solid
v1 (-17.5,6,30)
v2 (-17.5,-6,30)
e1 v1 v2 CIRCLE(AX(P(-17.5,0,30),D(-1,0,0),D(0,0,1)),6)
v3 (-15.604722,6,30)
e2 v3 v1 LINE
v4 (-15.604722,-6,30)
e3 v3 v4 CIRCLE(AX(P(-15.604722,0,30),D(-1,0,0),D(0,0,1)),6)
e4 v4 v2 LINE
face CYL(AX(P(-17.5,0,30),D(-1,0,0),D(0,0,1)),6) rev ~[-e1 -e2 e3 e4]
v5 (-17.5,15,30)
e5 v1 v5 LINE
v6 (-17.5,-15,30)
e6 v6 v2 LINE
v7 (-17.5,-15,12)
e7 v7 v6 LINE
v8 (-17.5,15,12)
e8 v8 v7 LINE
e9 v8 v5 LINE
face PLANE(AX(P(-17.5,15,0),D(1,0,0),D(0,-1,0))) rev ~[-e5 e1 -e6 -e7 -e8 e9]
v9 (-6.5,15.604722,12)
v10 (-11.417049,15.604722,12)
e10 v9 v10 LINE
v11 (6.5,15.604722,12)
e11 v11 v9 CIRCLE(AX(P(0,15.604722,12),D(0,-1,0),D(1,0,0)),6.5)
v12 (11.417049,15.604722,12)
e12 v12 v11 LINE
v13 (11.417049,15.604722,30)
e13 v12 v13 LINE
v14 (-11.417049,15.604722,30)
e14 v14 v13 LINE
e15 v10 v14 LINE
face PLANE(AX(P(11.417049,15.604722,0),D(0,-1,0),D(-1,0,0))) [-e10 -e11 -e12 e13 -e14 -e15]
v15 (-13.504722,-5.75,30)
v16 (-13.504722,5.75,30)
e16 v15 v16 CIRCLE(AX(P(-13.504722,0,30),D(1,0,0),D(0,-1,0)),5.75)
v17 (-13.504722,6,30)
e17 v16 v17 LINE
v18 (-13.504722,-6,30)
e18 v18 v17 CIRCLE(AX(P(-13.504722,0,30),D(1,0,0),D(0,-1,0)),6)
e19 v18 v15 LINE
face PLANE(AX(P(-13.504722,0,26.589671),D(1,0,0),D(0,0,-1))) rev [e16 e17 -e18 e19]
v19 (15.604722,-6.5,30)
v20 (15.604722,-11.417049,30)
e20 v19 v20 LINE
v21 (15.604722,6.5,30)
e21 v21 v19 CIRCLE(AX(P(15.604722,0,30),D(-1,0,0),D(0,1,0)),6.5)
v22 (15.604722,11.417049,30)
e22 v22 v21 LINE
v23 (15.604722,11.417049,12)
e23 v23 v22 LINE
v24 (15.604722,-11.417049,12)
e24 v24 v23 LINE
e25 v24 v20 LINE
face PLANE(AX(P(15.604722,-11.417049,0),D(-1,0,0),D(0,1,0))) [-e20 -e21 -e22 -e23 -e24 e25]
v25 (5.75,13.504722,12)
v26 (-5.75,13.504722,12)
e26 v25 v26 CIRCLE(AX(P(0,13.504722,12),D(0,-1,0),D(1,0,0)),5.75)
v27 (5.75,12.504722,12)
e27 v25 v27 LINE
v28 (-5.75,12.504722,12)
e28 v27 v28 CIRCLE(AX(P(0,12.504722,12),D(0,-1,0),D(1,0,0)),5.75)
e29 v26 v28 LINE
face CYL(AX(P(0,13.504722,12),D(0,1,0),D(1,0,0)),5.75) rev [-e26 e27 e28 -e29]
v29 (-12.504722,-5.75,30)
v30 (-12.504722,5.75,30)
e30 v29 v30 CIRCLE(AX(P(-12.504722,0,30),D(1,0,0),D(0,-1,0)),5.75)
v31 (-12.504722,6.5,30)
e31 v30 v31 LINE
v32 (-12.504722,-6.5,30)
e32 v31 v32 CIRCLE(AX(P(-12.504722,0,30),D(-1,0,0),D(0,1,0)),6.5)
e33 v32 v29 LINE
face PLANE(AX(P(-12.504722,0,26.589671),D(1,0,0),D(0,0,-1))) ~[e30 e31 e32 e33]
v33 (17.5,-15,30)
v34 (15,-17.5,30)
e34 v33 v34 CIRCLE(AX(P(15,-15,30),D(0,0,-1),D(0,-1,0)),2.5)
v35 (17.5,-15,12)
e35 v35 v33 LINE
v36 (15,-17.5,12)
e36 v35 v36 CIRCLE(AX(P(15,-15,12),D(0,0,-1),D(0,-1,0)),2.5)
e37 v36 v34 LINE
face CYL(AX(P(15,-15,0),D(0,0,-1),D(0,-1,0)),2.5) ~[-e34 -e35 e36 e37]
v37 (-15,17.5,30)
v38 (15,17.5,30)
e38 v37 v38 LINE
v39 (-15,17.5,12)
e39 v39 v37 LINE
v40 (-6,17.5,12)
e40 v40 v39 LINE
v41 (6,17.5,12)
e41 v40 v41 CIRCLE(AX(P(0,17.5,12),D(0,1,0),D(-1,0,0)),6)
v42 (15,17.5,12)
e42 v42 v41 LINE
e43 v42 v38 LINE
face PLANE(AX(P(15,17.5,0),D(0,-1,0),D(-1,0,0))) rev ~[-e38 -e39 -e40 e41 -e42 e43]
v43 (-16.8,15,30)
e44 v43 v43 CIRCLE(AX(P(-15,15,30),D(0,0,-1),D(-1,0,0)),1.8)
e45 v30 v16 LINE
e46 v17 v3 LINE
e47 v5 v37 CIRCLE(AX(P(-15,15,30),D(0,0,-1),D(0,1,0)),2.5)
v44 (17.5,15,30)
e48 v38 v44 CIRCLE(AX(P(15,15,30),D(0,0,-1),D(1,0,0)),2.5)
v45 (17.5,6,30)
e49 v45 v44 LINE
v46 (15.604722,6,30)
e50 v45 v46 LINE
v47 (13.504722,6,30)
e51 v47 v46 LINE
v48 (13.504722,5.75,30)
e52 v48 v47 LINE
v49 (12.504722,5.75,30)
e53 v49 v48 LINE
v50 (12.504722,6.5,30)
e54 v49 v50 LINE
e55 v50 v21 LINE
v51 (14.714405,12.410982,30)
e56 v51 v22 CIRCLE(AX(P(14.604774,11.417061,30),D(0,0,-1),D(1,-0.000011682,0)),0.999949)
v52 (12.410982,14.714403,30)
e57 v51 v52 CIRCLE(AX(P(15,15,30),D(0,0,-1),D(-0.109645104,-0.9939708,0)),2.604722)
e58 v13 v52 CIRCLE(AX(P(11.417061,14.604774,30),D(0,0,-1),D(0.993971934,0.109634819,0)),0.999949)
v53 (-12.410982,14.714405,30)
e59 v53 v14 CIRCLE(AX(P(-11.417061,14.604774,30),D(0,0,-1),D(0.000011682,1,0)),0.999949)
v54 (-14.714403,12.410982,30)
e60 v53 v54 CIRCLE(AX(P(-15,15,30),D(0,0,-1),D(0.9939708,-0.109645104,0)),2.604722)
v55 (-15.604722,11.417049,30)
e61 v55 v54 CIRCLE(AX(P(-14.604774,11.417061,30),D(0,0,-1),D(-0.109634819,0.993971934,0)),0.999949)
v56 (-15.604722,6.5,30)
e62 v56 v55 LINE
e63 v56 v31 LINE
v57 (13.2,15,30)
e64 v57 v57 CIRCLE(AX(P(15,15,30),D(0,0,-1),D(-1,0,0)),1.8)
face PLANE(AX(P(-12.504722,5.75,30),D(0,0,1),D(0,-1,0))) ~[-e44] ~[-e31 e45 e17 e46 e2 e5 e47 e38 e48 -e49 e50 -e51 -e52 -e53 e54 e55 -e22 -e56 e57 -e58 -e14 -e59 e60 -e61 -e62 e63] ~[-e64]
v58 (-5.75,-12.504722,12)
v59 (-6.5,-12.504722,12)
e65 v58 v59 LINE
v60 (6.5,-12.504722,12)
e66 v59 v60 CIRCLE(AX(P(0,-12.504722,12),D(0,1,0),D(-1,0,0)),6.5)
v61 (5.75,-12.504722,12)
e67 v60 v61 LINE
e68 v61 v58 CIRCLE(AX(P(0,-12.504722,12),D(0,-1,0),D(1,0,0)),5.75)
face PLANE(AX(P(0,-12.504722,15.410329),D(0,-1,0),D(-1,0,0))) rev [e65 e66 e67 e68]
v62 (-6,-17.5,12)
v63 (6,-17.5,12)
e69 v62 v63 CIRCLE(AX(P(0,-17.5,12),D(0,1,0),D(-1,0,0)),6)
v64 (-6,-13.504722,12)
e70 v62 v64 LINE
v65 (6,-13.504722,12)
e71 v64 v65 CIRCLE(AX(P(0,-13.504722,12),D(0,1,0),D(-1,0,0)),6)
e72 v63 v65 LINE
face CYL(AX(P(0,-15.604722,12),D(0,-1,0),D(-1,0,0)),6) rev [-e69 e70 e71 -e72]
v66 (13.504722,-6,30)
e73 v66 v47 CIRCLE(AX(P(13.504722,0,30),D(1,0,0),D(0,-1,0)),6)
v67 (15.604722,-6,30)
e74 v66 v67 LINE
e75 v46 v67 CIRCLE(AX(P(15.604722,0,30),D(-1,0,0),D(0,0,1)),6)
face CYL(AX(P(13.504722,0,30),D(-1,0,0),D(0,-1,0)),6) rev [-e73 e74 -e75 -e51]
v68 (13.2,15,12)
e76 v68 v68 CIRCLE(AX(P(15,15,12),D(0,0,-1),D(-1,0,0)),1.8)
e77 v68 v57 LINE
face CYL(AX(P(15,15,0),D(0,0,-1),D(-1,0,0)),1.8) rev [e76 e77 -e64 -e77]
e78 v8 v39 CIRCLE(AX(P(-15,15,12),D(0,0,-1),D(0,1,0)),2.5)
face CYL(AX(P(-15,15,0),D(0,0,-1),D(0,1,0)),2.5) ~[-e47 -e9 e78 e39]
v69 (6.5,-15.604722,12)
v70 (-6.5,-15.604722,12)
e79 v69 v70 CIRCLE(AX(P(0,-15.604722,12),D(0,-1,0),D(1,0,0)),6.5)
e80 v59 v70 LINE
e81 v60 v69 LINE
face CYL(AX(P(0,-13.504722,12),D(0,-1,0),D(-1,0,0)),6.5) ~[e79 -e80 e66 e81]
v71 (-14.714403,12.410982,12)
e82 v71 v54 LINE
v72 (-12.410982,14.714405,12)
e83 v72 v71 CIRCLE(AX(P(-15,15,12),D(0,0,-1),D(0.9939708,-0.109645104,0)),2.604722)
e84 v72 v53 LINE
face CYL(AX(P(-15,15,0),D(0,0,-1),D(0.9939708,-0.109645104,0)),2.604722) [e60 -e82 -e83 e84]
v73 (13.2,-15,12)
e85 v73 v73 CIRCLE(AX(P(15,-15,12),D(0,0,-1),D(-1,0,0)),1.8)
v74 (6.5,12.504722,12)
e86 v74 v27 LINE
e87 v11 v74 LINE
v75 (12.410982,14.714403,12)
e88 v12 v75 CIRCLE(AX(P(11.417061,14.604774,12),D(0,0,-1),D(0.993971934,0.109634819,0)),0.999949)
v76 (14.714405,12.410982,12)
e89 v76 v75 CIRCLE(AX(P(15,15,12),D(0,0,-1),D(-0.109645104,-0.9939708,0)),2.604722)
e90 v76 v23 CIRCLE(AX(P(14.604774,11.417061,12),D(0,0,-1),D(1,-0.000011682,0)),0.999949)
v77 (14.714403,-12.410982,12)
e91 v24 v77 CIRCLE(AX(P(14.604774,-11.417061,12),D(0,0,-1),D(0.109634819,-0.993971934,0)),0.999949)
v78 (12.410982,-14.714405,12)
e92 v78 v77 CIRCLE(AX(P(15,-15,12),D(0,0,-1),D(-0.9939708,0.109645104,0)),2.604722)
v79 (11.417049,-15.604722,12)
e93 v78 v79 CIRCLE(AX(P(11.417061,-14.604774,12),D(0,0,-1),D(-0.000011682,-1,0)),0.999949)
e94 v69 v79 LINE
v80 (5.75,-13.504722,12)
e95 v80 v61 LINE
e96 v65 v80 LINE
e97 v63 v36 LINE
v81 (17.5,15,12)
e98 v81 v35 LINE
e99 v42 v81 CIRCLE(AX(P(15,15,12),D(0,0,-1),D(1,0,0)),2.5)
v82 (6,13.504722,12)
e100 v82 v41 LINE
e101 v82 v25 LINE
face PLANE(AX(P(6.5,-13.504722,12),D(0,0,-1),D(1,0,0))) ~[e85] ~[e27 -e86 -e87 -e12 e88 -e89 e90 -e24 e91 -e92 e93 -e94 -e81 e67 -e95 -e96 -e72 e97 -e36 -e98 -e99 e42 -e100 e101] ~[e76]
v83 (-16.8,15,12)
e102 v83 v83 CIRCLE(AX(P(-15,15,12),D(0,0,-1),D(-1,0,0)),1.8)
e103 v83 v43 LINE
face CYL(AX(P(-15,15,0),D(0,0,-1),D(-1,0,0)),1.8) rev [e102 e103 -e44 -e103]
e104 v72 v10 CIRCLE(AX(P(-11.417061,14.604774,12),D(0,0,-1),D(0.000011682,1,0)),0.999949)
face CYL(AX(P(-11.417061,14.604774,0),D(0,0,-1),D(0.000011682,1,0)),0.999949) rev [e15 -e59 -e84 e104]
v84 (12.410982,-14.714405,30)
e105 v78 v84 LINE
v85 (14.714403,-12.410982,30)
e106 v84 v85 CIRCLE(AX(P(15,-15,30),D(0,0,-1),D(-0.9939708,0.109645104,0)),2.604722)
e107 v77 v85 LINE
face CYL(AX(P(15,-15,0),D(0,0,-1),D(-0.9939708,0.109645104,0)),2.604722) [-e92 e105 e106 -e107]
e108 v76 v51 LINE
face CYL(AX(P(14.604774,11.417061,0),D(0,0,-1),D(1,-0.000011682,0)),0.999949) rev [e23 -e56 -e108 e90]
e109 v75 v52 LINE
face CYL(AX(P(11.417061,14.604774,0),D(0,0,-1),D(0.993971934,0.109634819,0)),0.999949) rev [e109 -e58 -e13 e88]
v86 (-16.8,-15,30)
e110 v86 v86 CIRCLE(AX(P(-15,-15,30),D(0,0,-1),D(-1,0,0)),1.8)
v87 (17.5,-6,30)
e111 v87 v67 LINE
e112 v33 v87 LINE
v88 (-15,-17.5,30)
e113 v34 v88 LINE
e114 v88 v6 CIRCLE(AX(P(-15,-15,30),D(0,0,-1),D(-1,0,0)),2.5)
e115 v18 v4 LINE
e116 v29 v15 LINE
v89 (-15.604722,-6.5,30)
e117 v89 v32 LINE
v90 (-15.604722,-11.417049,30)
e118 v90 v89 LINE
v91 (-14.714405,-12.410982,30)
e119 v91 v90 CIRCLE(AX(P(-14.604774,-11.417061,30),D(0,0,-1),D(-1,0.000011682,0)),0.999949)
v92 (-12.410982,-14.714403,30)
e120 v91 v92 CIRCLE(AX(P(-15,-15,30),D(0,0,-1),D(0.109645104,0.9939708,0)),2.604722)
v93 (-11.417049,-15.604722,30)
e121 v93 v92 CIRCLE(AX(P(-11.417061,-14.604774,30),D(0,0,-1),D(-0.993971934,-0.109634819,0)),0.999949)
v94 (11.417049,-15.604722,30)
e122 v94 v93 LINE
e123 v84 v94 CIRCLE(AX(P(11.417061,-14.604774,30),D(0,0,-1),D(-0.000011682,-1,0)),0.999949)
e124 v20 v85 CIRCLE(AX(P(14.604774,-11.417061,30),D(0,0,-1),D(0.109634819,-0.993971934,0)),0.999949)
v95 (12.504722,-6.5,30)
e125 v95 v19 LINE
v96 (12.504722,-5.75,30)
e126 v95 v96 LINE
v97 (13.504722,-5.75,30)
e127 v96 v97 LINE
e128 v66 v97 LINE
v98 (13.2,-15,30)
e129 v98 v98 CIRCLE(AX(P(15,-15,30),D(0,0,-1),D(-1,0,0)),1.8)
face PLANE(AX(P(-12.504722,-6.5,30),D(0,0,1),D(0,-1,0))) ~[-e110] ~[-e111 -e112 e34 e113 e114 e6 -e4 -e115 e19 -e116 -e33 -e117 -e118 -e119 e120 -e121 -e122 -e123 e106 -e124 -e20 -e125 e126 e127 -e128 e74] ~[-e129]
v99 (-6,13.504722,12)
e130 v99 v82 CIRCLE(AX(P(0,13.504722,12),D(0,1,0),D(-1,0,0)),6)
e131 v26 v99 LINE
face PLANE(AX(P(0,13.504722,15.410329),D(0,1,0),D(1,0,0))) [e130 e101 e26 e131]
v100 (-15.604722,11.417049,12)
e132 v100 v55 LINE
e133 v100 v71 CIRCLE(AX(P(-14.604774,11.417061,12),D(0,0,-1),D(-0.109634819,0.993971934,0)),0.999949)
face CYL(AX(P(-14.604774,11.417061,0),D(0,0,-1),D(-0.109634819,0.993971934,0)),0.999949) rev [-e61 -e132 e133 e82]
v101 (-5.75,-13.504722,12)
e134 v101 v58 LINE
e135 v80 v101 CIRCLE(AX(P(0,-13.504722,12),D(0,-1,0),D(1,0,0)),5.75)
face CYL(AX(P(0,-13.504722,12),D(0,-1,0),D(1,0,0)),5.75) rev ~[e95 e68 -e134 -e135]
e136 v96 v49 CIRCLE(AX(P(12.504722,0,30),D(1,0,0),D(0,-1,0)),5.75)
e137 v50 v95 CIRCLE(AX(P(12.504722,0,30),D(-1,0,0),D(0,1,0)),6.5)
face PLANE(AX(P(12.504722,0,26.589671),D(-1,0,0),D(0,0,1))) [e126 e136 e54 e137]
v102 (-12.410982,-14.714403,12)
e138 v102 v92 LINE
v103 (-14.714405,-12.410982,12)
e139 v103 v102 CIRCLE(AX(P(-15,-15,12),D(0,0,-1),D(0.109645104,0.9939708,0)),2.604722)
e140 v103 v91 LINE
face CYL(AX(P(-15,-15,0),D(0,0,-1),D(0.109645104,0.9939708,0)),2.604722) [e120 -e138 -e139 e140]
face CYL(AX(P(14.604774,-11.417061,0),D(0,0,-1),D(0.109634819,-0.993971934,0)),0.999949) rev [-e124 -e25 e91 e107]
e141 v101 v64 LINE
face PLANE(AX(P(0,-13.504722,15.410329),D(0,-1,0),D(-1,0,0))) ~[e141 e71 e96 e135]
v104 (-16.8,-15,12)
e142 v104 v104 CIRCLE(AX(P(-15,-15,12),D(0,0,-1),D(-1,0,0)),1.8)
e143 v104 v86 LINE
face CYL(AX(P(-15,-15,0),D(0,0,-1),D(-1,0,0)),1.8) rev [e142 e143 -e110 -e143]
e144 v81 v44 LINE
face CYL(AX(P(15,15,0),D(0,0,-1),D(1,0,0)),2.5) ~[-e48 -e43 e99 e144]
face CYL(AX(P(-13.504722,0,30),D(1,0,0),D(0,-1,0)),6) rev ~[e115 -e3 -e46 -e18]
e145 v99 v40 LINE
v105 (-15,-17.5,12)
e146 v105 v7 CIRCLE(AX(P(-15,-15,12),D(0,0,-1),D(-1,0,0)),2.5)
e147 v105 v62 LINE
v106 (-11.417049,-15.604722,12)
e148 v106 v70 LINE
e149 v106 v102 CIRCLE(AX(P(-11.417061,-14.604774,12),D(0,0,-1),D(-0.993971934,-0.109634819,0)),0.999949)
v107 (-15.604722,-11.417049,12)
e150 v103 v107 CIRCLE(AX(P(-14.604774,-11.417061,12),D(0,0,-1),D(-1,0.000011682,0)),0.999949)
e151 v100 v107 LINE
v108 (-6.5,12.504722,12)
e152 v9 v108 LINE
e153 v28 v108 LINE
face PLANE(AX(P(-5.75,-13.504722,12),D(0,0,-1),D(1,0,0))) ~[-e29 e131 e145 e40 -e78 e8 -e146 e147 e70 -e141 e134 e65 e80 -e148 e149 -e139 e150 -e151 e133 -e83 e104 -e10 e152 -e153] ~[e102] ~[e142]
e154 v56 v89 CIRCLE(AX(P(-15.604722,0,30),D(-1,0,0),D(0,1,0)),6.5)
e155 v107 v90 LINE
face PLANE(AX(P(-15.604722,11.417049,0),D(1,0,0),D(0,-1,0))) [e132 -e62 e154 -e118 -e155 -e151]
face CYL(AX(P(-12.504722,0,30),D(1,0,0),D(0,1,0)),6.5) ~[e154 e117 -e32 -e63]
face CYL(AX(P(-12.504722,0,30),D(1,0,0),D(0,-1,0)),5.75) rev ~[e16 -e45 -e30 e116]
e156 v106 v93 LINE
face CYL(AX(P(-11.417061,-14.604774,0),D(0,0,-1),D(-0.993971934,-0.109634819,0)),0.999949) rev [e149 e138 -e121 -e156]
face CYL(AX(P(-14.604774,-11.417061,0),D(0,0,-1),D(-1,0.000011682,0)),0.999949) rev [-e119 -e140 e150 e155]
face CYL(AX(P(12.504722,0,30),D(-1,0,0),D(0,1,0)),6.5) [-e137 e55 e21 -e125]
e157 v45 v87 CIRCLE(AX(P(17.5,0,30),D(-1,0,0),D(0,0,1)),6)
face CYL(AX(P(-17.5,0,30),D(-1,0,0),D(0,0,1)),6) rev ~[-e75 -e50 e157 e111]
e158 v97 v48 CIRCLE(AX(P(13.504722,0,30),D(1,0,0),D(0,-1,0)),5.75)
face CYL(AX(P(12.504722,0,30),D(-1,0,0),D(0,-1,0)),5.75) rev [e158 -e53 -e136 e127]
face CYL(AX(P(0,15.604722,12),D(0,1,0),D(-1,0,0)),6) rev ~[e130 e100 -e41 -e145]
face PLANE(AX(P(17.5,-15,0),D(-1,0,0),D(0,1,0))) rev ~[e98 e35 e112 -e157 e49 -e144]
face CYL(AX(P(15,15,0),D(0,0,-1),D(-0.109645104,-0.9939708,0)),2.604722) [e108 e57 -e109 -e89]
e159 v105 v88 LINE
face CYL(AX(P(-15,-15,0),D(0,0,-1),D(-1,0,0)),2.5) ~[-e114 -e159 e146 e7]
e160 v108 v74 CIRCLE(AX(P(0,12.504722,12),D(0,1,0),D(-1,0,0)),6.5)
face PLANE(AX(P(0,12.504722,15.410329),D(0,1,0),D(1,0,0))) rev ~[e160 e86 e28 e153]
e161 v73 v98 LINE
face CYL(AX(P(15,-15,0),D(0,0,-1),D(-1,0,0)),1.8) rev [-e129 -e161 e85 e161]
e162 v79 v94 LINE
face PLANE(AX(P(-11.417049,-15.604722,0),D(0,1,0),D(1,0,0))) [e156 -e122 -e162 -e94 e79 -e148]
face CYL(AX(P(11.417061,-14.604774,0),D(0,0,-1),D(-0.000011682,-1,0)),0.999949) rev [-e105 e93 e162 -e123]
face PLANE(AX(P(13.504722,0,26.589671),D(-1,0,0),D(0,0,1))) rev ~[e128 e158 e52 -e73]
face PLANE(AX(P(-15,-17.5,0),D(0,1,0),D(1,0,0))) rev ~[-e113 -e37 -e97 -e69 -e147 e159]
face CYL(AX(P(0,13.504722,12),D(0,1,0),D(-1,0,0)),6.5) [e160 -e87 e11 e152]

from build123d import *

# Parameters (mm, degrees)
SKETCH_1_R          = 1.8000000000000025
SKETCH_1_R_2        = 1.8000000000000043
SKETCH_1_R_3        = 1.8000000000000005
SKETCH_1_R_4        = 1.8000000000000007
EXTRUDE_1_DEPTH     = 42
SKETCH_2_R          = 6.000000000000001
CUT_EXTRUDE_1_DEPTH = 58.404268133998535
SKETCH_3_R          = 6.000000000000002
CUT_EXTRUDE_2_DEPTH = 58.404268133998535
SKETCH_5_W          = 12
SKETCH_5_H          = 15.000000000000005
SKETCH_5_H_2        = 15.000000000000002
CUT_EXTRUDE_3_DEPTH = 58.404268133998535
EXTRUDE_2_DEPTH     = 2.1
EXTRUDE_3_DEPTH     = 1
EXTRUDE_START       = 2.1
EXTRUDE_4_DEPTH     = 2.1
EXTRUDE_START_2     = 1
EXTRUDE_5_DEPTH     = 1


with BuildPart() as part:
    # 草图1 → 凸台-拉伸1 (new body)
    with BuildSketch(Plane(origin=(0, 0, 0), x_dir=(-1, 0, 0), z_dir=(0, 0, 1))):
        with BuildLine():
            Line((-17.499999999999996, 15), (-17.499999999999996, -15.000000000000007))
            ThreePointArc((-17.499999999999996, -15.000000000000007), (-16.767766952966365, -16.767766952966372), (-15, -17.500000000000007))
            Line((-15, -17.500000000000007), (15.000000000000004, -17.500000000000007))
            ThreePointArc((15.000000000000004, -17.500000000000007), (16.76776695296637, -16.767766952966376), (17.5, -15.00000000000001))
            Line((17.5, -15.00000000000001), (17.5, 14.999999999999996))
            ThreePointArc((17.5, 14.999999999999996), (16.76776695296637, 16.76776695296636), (15.000000000000004, 17.499999999999996))
            Line((15.000000000000004, 17.499999999999996), (-15, 17.499999999999996))
            ThreePointArc((-15, 17.499999999999996), (-16.767766952966365, 16.767766952966365), (-17.499999999999996, 15))
        make_face()
        with Locations((-15.000000000000004, -15.00000000000001)):
            Circle(SKETCH_1_R, mode=Mode.SUBTRACT)
        with Locations((15.000000000000004, -15.00000000000001)):
            Circle(SKETCH_1_R_2, mode=Mode.SUBTRACT)
        with Locations((15.000000000000004, 14.999999999999996)):
            Circle(SKETCH_1_R_3, mode=Mode.SUBTRACT)
        with Locations((-15, 15)):
            Circle(SKETCH_1_R_4, mode=Mode.SUBTRACT)
        with BuildLine():
            Line((15.604722413530899, -11.417049414734192), (15.604722413530899, 11.41704941481964))
            ThreePointArc((15.604722413530899, 11.41704941481964), (15.349600753639777, 12.084241863325458), (14.714404940145743, 12.41098197902667))
            ThreePointArc((14.714404940145743, 12.41098197902667), (13.158183898644735, 13.15818233801838), (12.410982220986185, 14.714402746377065))
            ThreePointArc((12.410982220986185, 14.714402746377065), (12.084242685294747, 15.349600017363324), (11.417049414775391, 15.604722413530212))
            Line((11.417049414775391, 15.604722413530212), (-11.417049414778536, 15.604722413530212))
            ThreePointArc((-11.417049414778536, 15.604722413530212), (-12.084241863278942, 15.349600753643644), (-12.410981978984013, 14.714404940159108))
            ThreePointArc((-12.410981978984013, 14.714404940159108), (-13.158182337972896, 13.158183898648431), (-14.714402746337697, 12.41098222098531))
            ThreePointArc((-14.714402746337697, 12.41098222098531), (-15.34960001732269, 12.084242685293246), (-15.604722413489107, 11.41704941477461))
            Line((-15.604722413489107, 11.41704941477461), (-15.604722413489107, -11.417049414779225))
            ThreePointArc((-15.604722413489107, -11.417049414779225), (-15.349600753597985, -12.084241863285039), (-14.714404940103952, -12.410981978986248))
            ThreePointArc((-14.714404940103952, -12.410981978986248), (-13.158183898602942, -13.158182337977962), (-12.410982220944396, -14.714402746336651))
            ThreePointArc((-12.410982220944396, -14.714402746336651), (-12.084242685252958, -15.34960001732291), (-11.417049414733604, -15.604722413489796))
            Line((-11.417049414733604, -15.604722413489796), (11.417049414820326, -15.604722413489796))
            ThreePointArc((11.417049414820326, -15.604722413489796), (12.084241863320731, -15.349600753603227), (12.410981979025802, -14.714404940118692))
            ThreePointArc((12.410981979025802, -14.714404940118692), (13.158182338014687, -13.158183898608014), (14.71440274637949, -12.410982220944893))
            ThreePointArc((14.71440274637949, -12.410982220944893), (15.34960001736448, -12.084242685252828), (15.604722413530899, -11.417049414734192))
        make_face(mode=Mode.SUBTRACT)
    extrude(amount=EXTRUDE_1_DEPTH)

    # 草图2 → 切除-拉伸1 (cut, through all)
    with BuildSketch(Plane(origin=(0, 17.500000000000007, 0), x_dir=(1, 0, 0), z_dir=(0, 1, 0))):
        with Locations(Location((0, -11.999999999999998, 0), (0, 0, 270))):
            Circle(SKETCH_2_R)
    extrude(amount=-CUT_EXTRUDE_1_DEPTH, mode=Mode.SUBTRACT)

    # 草图3 → 切除-拉伸2 (cut, through all)
    with BuildSketch(Plane.ZY.offset(17.5)):
        with Locations((30, 0)):
            Circle(SKETCH_3_R)
    extrude(amount=-CUT_EXTRUDE_2_DEPTH, mode=Mode.SUBTRACT)

    # 草图5 → 切除-拉伸3 (cut, through all)
    with BuildSketch(Plane(origin=(17.499999999999996, 0, 0), x_dir=(0, 0, -1), z_dir=(1, 0, 0))):
        Polygon((-30, -24.974265818952347), (-30, -15), (-42, -15), (-42, 15.000000000000007), (-30, 15.000000000000007), (-30, 23.87950348168345), (-47.41212790980853, 25.238249525472156), (-47.41212790980853, -24.974265818952347), align=None)
        with BuildLine():
            Line((-42, -15), (-30, -15))
            Line((-30, -15), (-30, -6.000000000000003))
            ThreePointArc((-29.999999999999925, -6.000000000000003), (-36, -1.93e-15), (-29.999999999999932, 6.000000000000003))
            Line((-30, 6.000000000000003), (-30, 15.000000000000007))
            Line((-30, 15.000000000000007), (-42, 15.000000000000007))
            Line((-42, 15.000000000000007), (-42, -15))
        make_face()
        with Locations((-6, 7.500000000000003)):
            Rectangle(SKETCH_5_W, SKETCH_5_H)
        Polygon((0, 15.000000000000007), (0, 0), (0, -15), (-12, -15), (-12, -24.974265818952347), (12.116605042765016, -24.974265818952347), (12.116605042765016, 23.87950348168345), (-12, 23.87950348168345), (-12, 15.000000000000007), align=None)
        with Locations((-6, -7.500000000000001)):
            Rectangle(SKETCH_5_W, SKETCH_5_H_2)
    extrude(amount=-CUT_EXTRUDE_3_DEPTH, mode=Mode.SUBTRACT)

    # 草图6 → 凸台-拉伸2 (add)
    with BuildSketch(Plane(origin=(0, 15.604722413489796, 0), x_dir=(-1, 0, 0), z_dir=(0, -1, 0))):
        with BuildLine():
            Line((-6.000000000000001, -11.999999999999998), (-6.500000000000001, -11.999999999999998))
            ThreePointArc((-6.500000000000001, -11.999999999999998), (-1.19e-15, -18.5), (6.500000000000001, -11.999999999999998))
            Line((6.500000000000001, -11.999999999999998), (6.000000000000001, -11.999999999999998))
            ThreePointArc((6.000000000000001, -11.999999999999998), (-1.1e-15, -18), (-6.000000000000001, -11.999999999999998))
        make_face()
    extrude_2 = extrude(amount=EXTRUDE_2_DEPTH)

    # 草图7 → 凸台-拉伸3 (add)
    with BuildSketch(Plane(origin=(0, 13.504722413489795, 0), x_dir=(-1, 0, 0), z_dir=(0, -1, 0))):
        with BuildLine():
            Line((-6.500000000000002, -11.999999999999998), (-5.750000000000001, -11.999999999999998))
            ThreePointArc((-5.750000000000001, -11.999999999999998), (-1.06e-15, -17.75), (5.750000000000001, -11.999999999999998))
            Line((5.750000000000001, -11.999999999999998), (6.500000000000002, -11.999999999999998))
            ThreePointArc((6.500000000000002, -11.999999999999998), (-1.19e-15, -18.5), (-6.500000000000002, -11.999999999999998))
        make_face()
    extrude_3 = extrude(amount=EXTRUDE_3_DEPTH)

    # 镜向1: 凸台-拉伸2, 凸台-拉伸3 across plane
    add(extrude_2.mirror(Plane(origin=(0, 0, 0), x_dir=(0, 0, 1), z_dir=(0, -1, 0))))
    add(extrude_3.mirror(Plane(origin=(0, 0, 0), x_dir=(0, 0, 1), z_dir=(0, -1, 0))))

    # 草图8 → 凸台-拉伸4 (add)
    with BuildSketch(Plane.ZY.offset(-15.604722413489107).offset(EXTRUDE_START)):
        with BuildLine():
            Line((30, -6.500000000000001), (30, -6.000000000000003))
            ThreePointArc((30, -6.000000000000003), (23.999999999999996, 7.3e-16), (30, 6.000000000000003))
            Line((30, 6.000000000000003), (30, 6.500000000000001))
            ThreePointArc((30, 6.500000000000001), (23.5, 8e-16), (30, -6.500000000000001))
        make_face()
    extrude_4 = extrude(amount=-EXTRUDE_4_DEPTH)

    # 草图9 → 凸台-拉伸5 (add)
    with BuildSketch(Plane.ZY.offset(-13.504722413489107).offset(EXTRUDE_START_2)):
        with BuildLine():
            Line((30, -6.500000000000001), (30, -5.750000000000003))
            ThreePointArc((30, -5.750000000000003), (24.249999999999996, 7e-16), (30, 5.750000000000003))
            Line((30, 5.750000000000003), (30, 6.500000000000001))
            ThreePointArc((30, 6.500000000000001), (23.5, 8e-16), (30, -6.500000000000001))
        make_face()
    extrude_5 = extrude(amount=-EXTRUDE_5_DEPTH)

    # 镜向2: 凸台-拉伸4, 凸台-拉伸5 across plane
    add(extrude_4.mirror(Plane.ZY))
    add(extrude_5.mirror(Plane.ZY))


solid = part.part
